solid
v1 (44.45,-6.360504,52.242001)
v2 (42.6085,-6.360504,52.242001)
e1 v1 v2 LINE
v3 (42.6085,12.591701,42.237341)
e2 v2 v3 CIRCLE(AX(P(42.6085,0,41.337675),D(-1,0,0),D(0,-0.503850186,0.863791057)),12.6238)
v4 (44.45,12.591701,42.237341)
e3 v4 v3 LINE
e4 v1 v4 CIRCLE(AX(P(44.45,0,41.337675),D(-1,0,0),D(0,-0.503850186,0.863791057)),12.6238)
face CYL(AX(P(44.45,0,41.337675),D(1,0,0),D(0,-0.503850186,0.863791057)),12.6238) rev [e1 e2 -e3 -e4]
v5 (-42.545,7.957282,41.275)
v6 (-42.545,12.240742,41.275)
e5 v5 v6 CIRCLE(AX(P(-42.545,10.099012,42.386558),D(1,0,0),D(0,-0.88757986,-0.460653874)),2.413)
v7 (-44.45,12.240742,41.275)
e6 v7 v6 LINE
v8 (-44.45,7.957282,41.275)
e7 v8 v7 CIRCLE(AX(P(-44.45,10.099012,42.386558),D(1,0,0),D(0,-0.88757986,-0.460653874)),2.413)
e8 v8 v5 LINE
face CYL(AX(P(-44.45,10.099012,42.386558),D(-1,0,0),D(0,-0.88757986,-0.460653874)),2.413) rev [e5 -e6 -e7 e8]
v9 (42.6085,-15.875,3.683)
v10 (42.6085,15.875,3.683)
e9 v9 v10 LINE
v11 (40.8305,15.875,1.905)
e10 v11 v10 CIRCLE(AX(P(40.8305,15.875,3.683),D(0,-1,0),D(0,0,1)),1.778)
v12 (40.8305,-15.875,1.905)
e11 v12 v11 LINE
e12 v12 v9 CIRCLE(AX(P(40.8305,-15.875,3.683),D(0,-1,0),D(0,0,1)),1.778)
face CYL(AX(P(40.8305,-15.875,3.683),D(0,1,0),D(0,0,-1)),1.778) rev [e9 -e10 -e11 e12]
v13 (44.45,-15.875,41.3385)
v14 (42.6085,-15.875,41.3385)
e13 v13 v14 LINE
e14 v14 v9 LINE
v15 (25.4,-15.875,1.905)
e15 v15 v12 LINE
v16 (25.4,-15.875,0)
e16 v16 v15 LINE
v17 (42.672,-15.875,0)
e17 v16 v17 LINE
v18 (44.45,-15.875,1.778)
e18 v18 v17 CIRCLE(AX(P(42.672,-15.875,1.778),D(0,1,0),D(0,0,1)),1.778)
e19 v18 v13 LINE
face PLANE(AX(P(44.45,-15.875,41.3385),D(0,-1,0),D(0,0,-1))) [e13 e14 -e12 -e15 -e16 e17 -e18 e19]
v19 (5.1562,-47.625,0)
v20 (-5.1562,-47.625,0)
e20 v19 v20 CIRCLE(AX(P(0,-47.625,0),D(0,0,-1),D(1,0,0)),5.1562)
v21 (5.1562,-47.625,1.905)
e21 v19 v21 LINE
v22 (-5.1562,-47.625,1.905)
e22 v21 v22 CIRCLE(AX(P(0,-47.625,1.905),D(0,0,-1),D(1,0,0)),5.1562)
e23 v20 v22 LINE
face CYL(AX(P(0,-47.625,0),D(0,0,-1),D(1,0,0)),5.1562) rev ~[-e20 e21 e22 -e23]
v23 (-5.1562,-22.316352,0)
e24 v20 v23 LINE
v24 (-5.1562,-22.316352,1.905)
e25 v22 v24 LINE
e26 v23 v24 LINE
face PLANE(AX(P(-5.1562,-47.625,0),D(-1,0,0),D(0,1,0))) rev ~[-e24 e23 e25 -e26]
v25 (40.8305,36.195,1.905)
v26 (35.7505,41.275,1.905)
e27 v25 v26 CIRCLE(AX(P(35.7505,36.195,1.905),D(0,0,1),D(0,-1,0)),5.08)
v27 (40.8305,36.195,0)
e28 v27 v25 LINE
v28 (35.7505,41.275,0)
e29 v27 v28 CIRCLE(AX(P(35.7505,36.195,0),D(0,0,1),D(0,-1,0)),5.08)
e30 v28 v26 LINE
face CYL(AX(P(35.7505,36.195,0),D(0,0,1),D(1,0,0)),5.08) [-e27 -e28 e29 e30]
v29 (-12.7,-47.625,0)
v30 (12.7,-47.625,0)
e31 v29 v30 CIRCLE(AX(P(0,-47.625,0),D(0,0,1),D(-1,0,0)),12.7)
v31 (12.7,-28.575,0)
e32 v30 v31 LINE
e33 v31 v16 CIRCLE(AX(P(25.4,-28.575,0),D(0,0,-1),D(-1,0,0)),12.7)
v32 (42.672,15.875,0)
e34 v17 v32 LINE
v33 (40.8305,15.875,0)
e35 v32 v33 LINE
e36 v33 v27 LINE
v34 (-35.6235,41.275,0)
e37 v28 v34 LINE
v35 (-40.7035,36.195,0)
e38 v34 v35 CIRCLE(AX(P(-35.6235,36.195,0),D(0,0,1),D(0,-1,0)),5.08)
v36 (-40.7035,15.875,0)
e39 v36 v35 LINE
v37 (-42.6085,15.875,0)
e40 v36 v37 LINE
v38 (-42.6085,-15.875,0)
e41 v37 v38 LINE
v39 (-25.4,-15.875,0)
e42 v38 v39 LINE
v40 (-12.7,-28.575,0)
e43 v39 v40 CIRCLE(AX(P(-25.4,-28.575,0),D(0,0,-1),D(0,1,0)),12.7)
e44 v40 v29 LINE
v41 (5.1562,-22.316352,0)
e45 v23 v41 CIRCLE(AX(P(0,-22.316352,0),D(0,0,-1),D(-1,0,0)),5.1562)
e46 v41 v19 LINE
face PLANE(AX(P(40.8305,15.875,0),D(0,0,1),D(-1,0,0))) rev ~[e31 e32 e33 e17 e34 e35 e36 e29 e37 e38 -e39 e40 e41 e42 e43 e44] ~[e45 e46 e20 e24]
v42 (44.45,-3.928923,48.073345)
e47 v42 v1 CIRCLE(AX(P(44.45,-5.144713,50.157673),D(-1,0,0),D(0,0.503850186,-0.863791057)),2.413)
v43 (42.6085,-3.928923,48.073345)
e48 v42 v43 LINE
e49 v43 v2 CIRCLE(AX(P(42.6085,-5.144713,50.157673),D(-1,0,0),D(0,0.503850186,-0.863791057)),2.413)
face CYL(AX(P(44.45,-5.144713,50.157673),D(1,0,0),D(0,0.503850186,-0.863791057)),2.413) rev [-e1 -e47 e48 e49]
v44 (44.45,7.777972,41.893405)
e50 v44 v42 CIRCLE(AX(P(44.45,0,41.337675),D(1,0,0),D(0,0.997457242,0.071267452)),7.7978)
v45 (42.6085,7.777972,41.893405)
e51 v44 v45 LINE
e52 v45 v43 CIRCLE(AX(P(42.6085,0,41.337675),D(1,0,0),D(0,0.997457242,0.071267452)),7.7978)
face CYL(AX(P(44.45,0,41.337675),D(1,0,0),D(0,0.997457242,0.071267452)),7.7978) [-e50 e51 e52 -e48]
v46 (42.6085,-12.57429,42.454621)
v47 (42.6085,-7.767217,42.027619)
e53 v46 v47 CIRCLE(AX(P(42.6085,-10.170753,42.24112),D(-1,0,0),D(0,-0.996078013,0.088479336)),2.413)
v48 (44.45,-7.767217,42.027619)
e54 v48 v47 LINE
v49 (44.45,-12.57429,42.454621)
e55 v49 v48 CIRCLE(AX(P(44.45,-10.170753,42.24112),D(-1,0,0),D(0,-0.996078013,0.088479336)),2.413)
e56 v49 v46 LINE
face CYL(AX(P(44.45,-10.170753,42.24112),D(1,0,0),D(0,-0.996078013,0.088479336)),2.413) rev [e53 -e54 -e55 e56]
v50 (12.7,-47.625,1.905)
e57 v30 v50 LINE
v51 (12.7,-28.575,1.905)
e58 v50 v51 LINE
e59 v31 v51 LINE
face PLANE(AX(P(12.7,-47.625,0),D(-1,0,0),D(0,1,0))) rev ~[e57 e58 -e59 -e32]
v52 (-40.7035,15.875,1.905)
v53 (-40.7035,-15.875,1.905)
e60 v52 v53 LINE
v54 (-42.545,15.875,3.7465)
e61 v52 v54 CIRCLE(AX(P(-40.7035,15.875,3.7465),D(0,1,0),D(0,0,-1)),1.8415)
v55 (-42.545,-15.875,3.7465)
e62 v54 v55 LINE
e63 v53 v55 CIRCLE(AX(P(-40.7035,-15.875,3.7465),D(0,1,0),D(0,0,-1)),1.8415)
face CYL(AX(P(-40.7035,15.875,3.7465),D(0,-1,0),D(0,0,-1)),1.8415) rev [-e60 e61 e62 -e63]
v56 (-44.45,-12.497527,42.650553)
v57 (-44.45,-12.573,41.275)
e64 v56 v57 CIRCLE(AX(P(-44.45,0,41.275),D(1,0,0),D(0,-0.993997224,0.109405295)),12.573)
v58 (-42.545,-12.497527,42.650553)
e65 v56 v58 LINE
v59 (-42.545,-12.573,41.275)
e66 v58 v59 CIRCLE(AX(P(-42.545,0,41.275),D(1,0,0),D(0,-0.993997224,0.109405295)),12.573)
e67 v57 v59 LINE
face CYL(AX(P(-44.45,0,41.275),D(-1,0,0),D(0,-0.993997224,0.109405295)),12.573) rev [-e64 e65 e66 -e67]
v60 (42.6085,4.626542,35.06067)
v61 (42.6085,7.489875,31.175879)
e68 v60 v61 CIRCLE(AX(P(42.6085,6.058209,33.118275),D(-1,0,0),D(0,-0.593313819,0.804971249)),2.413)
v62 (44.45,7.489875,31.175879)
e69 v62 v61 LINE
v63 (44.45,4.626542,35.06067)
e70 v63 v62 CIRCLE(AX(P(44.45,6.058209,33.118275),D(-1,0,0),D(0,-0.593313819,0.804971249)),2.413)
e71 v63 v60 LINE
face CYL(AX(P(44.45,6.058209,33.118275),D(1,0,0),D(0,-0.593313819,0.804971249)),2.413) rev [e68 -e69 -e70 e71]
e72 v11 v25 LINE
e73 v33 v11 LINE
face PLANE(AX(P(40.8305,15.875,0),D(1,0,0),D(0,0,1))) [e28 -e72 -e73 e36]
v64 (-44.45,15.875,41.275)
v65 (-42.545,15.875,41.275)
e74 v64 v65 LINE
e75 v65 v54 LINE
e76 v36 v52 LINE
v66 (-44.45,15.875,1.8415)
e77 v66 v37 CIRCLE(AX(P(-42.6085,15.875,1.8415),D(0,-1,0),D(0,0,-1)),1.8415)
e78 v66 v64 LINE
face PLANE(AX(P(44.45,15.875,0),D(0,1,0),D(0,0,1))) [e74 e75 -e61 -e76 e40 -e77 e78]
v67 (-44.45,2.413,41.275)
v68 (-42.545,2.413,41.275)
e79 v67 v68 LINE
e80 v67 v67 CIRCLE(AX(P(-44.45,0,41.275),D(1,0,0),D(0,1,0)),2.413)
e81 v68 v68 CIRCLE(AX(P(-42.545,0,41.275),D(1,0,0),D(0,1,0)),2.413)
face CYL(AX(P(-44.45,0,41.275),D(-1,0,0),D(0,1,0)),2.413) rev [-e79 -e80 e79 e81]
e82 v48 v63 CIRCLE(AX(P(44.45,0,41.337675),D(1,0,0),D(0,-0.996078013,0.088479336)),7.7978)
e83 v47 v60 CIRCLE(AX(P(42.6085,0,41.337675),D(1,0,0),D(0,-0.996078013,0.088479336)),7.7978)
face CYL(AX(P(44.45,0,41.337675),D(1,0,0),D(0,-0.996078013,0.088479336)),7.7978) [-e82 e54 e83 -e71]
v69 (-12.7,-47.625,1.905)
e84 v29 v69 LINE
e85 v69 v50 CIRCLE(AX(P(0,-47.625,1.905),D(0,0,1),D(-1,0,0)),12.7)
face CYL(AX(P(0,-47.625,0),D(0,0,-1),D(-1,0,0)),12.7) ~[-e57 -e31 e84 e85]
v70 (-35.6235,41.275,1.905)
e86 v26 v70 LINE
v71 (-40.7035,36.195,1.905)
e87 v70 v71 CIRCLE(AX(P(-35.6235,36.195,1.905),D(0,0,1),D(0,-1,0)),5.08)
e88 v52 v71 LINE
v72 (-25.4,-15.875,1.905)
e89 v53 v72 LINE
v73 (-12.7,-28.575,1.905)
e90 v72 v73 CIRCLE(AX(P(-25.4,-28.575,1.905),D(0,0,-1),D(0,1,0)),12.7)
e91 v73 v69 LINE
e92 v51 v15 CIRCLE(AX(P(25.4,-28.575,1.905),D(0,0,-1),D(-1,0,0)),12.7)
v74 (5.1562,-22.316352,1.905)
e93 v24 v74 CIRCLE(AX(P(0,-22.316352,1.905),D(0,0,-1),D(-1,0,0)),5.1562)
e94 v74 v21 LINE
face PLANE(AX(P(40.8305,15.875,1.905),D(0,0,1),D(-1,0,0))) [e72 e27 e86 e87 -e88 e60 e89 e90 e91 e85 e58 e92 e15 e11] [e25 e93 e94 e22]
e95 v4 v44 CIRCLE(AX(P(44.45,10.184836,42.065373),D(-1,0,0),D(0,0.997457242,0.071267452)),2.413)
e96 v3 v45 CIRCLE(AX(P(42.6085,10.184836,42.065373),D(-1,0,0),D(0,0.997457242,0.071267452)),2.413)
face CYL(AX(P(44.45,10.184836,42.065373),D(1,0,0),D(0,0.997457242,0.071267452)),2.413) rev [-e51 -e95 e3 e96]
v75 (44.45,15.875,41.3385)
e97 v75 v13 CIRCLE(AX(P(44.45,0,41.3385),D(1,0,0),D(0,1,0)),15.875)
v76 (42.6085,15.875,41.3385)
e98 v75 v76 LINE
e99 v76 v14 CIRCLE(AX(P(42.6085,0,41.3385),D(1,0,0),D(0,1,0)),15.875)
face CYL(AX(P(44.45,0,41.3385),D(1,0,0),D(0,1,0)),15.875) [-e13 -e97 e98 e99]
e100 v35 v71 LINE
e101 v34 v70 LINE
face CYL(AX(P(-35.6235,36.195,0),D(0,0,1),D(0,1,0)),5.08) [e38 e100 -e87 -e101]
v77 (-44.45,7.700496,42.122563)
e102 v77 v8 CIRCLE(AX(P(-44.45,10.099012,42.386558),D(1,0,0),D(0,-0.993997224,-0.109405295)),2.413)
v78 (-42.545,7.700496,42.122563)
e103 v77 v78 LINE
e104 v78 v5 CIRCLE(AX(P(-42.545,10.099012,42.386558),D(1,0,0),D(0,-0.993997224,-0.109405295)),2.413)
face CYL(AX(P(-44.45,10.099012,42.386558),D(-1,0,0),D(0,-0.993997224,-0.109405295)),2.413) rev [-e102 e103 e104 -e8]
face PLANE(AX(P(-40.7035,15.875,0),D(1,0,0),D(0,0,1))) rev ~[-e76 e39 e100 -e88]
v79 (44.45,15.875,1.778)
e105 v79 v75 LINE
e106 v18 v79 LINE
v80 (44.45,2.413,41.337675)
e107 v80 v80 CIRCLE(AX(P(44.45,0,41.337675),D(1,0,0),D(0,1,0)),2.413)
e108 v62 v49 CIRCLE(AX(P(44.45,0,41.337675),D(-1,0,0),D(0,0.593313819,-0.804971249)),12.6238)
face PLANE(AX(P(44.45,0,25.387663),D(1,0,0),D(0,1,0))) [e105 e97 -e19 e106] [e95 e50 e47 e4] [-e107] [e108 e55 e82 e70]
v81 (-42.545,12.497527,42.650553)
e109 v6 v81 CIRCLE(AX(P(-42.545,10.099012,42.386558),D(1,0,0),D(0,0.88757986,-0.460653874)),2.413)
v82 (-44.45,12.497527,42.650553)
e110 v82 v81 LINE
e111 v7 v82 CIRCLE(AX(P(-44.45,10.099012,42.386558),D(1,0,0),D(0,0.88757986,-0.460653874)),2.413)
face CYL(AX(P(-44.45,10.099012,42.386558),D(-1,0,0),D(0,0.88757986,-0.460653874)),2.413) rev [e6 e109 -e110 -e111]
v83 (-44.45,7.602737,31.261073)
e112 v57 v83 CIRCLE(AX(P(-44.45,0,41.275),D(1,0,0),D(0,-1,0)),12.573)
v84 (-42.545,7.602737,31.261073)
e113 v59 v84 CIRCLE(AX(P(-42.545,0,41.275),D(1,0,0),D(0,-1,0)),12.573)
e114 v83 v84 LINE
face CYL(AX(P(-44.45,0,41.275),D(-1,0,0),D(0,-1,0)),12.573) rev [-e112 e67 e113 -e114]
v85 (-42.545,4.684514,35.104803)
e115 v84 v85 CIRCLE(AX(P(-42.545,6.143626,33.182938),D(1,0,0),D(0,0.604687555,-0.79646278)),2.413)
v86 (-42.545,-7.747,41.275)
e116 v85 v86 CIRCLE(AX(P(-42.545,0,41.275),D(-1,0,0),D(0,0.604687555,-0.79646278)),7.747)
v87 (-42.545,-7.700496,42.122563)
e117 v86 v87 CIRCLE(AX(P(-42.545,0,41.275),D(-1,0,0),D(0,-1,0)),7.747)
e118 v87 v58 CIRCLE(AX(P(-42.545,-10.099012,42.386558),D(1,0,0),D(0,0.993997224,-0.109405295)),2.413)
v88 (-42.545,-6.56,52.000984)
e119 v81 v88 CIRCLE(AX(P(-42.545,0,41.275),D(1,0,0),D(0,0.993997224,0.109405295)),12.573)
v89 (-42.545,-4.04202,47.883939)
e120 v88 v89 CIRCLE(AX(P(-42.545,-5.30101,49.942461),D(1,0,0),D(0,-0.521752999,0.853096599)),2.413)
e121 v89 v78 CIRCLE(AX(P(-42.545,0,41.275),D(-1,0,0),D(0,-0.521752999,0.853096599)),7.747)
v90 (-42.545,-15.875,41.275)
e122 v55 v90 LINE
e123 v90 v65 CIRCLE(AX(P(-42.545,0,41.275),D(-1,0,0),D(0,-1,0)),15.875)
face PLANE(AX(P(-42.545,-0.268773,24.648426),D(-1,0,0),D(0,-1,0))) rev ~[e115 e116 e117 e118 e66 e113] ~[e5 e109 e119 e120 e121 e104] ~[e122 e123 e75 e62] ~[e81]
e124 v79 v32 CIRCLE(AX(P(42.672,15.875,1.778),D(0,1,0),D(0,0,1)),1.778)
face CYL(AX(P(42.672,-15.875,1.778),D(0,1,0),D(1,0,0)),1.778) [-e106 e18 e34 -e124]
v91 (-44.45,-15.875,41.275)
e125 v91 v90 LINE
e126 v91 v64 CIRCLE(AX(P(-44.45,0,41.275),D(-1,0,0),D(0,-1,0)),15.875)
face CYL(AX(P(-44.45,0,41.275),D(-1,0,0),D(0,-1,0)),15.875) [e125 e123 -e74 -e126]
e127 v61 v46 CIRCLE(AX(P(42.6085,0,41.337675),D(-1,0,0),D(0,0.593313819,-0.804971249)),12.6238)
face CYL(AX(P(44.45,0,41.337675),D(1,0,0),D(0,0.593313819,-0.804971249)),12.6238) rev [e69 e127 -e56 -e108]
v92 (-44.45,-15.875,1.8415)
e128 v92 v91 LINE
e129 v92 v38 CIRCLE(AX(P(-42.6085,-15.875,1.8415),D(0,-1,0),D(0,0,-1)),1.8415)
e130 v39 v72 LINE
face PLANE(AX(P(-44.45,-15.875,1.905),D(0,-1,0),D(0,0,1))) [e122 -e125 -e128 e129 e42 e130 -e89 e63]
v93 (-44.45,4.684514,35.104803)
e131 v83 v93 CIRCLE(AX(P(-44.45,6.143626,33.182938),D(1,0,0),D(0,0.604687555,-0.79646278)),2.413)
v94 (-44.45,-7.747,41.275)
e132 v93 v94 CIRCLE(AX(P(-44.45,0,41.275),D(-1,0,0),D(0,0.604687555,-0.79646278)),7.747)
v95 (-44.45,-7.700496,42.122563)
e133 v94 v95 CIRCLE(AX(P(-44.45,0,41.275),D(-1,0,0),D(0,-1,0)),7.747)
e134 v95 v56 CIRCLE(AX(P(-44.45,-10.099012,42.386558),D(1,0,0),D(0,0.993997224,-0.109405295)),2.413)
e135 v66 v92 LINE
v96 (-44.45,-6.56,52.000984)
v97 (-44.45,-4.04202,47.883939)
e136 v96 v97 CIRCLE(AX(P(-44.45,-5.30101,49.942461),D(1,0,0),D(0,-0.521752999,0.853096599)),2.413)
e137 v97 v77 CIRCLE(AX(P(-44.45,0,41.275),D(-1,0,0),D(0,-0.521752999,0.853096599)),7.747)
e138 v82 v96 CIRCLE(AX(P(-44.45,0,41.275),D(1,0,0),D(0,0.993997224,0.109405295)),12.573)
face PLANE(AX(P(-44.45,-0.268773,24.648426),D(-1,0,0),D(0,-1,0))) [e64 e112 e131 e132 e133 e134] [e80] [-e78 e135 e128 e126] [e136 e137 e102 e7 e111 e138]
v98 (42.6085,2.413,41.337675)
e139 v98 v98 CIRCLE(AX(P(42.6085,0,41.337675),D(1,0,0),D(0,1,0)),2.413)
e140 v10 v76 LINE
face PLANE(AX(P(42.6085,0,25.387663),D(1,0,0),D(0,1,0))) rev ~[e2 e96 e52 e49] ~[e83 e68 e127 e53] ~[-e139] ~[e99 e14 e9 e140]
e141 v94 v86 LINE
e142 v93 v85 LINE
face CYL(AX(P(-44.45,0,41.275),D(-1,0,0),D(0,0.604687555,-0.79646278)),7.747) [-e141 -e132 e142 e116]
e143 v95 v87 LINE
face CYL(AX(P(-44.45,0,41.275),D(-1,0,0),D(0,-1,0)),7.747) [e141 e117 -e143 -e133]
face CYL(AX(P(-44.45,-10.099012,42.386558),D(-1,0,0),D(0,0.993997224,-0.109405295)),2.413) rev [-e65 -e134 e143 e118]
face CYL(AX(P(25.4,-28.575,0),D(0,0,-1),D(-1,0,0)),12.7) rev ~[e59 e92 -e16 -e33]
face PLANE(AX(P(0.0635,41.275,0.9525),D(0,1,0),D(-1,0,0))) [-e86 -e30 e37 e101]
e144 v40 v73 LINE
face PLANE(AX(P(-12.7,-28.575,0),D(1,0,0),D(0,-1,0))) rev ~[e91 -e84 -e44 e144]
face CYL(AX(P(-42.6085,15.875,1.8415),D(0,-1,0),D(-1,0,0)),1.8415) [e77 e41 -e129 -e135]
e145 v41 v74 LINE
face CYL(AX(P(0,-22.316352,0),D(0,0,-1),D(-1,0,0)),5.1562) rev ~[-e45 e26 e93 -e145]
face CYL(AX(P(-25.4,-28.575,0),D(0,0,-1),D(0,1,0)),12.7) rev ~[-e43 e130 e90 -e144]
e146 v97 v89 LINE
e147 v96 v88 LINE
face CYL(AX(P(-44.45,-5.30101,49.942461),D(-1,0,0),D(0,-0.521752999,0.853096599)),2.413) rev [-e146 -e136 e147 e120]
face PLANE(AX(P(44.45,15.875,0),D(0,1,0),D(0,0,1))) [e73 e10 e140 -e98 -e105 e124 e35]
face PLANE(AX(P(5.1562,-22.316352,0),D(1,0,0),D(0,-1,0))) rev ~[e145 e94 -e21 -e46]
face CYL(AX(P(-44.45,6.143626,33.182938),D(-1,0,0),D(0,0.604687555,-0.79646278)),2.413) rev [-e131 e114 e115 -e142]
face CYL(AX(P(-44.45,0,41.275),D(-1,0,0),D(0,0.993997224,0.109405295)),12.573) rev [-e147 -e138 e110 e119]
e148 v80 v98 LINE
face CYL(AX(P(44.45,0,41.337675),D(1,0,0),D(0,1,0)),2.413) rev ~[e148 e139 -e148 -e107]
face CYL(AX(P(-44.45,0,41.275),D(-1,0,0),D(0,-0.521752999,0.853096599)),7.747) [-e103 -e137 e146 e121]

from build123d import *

# Parameters (mm, degrees)
F1_DEPTH = 1.905
F3_DEPTH = 1.905
F4_R     = 1.8415
F5_R     = 2.413
F6_DEPTH = 1.8415
F7_R     = 1.778
F8_W     = 81.534
F8_H     = 1.905
F9_DEPTH = 25.4
F10_R    = 5.08


with BuildPart() as f1:
    # F0 (on Top) → F1 (new body)
    with BuildSketch(Plane.XY):
        with BuildLine():
            Line((44.45, -15.875), (44.45, 15.875))
            Line((44.45, 15.875), (-44.45, 15.875))
            Line((-44.45, 15.875), (-44.45, -15.875))
            Line((-44.45, -15.875), (-25.4, -15.875))
            ThreePointArc((-25.4, -15.875), (-16.4197438789, -19.5947438789), (-12.7, -28.575))
            Line((-12.7, -28.575), (-12.7, -47.625))
            ThreePointArc((-12.7, -47.625), (0, -60.325), (12.7, -47.625))
            Line((12.7, -47.625), (12.7, -28.575))
            ThreePointArc((12.7, -28.575), (16.4197438789, -19.5947438789), (25.4, -15.875))
            Line((25.4, -15.875), (44.45, -15.875))
        make_face()
        with BuildLine():
            Line((5.1562, -22.3163515329), (5.1562, -47.625))
            ThreePointArc((5.1562, -47.625), (0, -52.7812), (-5.1562, -47.625))
            Line((-5.1562, -47.625), (-5.1562, -22.3163515329))
            ThreePointArc((-5.1562, -22.3163515329), (0, -17.1601515329), (5.1562, -22.3163515329))
        make_face(mode=Mode.SUBTRACT)
    extrude(amount=F1_DEPTH)

    # F2 (on face) → F3 (join)
    with BuildSketch(Plane(origin=(-44.45, 0, 0), x_dir=(0, -1, 0), z_dir=(-1, 0, 0))):
        with BuildLine():
            Line((-15.875, 41.275), (-15.875, 1.905))
            Line((-15.875, 1.905), (15.875, 1.905))
            Line((15.875, 1.905), (15.875, 41.275))
            Line((15.875, 41.275), (12.573, 41.275))
            ThreePointArc((12.573, 41.275), (5.5897728619, 30.0129056853), (-7.6027366345, 31.2610734641))
            ThreePointArc((-7.6027366345, 31.2610734641), (-8.0654902519, 34.6420492241), (-4.6845144919, 35.1048028415))
            ThreePointArc((-4.6845144919, 35.1048028415), (3.4442034806, 34.3357297657), (7.747, 41.275))
            Line((7.747, 41.275), (2.413, 41.275))
            ThreePointArc((2.413, 41.275), (0, 38.862), (-2.413, 41.275))
            Line((-2.413, 41.275), (-7.9572815939, 41.275))
            ThreePointArc((-7.9572815939, 41.275), (-10.0990117962, 39.9735577991), (-12.2407419985, 41.275))
            Line((-12.2407419985, 41.275), (-15.875, 41.275))
        make_face()
        with BuildLine():
            ThreePointArc((15.875, 41.275), (0, 57.15), (-15.875, 41.275))
            Line((-15.875, 41.275), (-12.2407419985, 41.275))
            ThreePointArc((-12.2407419985, 41.275), (-12.4710349135, 41.9437538571), (-12.4975270978, 42.6505527763))
            ThreePointArc((-12.4975270978, 42.6505527763), (-5.5381580453, 52.56256548), (6.5600004581, 52.0009835442))
            ThreePointArc((6.5600004581, 52.0009835442), (7.3595325655, 48.6834714629), (4.0420204843, 47.8839393555))
            ThreePointArc((4.0420204843, 47.8839393555), (-3.4124004118, 48.2299645887), (-7.7004964946, 42.1225628218))
            ThreePointArc((-7.7004964946, 42.1225628218), (-7.7896724982, 41.6869000206), (-7.9572815939, 41.275))
            Line((-7.9572815939, 41.275), (-2.413, 41.275))
            ThreePointArc((-2.413, 41.275), (0, 43.688), (2.413, 41.275))
            Line((2.413, 41.275), (7.747, 41.275))
            ThreePointArc((7.747, 41.275), (7.7353653871, 41.6994188123), (7.7004964946, 42.1225628218))
            ThreePointArc((7.7004964946, 42.1225628218), (9.8350168189, 44.7850731007), (12.4975270978, 42.6505527763))
            ThreePointArc((12.4975270978, 42.6505527763), (12.5541175954, 41.9638108593), (12.573, 41.275))
            Line((12.573, 41.275), (15.875, 41.275))
        make_face()
    extrude(amount=-F3_DEPTH)

    # F4
    f4_edges = [f1.edges().sort_by_distance(p)[0] for p in [
        (-44.45, 0, 0),
        (-42.545, 0, 1.905),
    ]]
    fillet(f4_edges, radius=F4_R)

    # F5 (on face) → F6 (join)
    with BuildSketch(Plane.YZ.offset(44.45)):
        with BuildLine():
            Line((-15.875, 41.3385), (-15.875, 1.905))
            Line((-15.875, 1.905), (-15.875, 0))
            Line((-15.875, 0), (15.875, 0))
            Line((15.875, 0), (15.875, 1.905))
            Line((15.875, 1.905), (15.875, 41.3385))
            ThreePointArc((15.875, 41.3385), (0, 57.2135), (-15.875, 41.3385))
        make_face()
        with BuildLine():
            ThreePointArc((-7.7672171262, 42.0276193774), (-3.8210671013, 34.5402395867), (4.6265424964, 35.0606704009))
            ThreePointArc((4.6265424964, 35.0606704009), (8.0006043661, 34.5499410208), (7.4898749861, 31.1758791512))
            ThreePointArc((7.4898749861, 31.1758791512), (-6.1858969034, 30.3333576051), (-12.5742896147, 42.4546206538))
            ThreePointArc((-12.5742896147, 42.4546206538), (-9.9572527322, 44.6446562598), (-7.7672171262, 42.0276193774))
        make_face(mode=Mode.SUBTRACT)
        with Locations((0, 41.3376752096)):
            Circle(F5_R, mode=Mode.SUBTRACT)
        with BuildLine():
            ThreePointArc((-6.3605039749, 52.2420007561), (5.8932381714, 52.5014590796), (12.591700736, 42.2373412666))
            ThreePointArc((12.591700736, 42.2373412666), (10.3568047712, 39.6585085798), (7.7779720844, 41.8934045446))
            ThreePointArc((7.7779720844, 41.8934045446), (3.6402899771, 48.2336141393), (-3.9289229785, 48.0733451146))
            ThreePointArc((-3.9289229785, 48.0733451146), (-7.2290412974, 48.9418824372), (-6.3605039749, 52.2420007561))
        make_face(mode=Mode.SUBTRACT)
    extrude(amount=-F6_DEPTH)

    # F7
    f7_edges = [f1.edges().sort_by_distance(p)[0] for p in [
        (44.45, 0, 0),
        (42.6085, 0, 1.905),
    ]]
    fillet(f7_edges, radius=F7_R)

    # F8 (on face) → F9 (join)
    with BuildSketch(Plane(origin=(0, 15.875, 0), x_dir=(-1, 0, 0), z_dir=(0, 1, 0))):
        with Locations((-0.0635, 0.9525)):
            Rectangle(F8_W, F8_H)
    extrude(amount=F9_DEPTH)

    # F10
    f10_edges = [f1.edges().sort_by_distance(p)[0] for p in [
        (40.8305, 41.275, 0.9525),
        (-40.7035, 41.275, 0.9525),
    ]]
    fillet(f10_edges, radius=F10_R)


solid = f1.part
